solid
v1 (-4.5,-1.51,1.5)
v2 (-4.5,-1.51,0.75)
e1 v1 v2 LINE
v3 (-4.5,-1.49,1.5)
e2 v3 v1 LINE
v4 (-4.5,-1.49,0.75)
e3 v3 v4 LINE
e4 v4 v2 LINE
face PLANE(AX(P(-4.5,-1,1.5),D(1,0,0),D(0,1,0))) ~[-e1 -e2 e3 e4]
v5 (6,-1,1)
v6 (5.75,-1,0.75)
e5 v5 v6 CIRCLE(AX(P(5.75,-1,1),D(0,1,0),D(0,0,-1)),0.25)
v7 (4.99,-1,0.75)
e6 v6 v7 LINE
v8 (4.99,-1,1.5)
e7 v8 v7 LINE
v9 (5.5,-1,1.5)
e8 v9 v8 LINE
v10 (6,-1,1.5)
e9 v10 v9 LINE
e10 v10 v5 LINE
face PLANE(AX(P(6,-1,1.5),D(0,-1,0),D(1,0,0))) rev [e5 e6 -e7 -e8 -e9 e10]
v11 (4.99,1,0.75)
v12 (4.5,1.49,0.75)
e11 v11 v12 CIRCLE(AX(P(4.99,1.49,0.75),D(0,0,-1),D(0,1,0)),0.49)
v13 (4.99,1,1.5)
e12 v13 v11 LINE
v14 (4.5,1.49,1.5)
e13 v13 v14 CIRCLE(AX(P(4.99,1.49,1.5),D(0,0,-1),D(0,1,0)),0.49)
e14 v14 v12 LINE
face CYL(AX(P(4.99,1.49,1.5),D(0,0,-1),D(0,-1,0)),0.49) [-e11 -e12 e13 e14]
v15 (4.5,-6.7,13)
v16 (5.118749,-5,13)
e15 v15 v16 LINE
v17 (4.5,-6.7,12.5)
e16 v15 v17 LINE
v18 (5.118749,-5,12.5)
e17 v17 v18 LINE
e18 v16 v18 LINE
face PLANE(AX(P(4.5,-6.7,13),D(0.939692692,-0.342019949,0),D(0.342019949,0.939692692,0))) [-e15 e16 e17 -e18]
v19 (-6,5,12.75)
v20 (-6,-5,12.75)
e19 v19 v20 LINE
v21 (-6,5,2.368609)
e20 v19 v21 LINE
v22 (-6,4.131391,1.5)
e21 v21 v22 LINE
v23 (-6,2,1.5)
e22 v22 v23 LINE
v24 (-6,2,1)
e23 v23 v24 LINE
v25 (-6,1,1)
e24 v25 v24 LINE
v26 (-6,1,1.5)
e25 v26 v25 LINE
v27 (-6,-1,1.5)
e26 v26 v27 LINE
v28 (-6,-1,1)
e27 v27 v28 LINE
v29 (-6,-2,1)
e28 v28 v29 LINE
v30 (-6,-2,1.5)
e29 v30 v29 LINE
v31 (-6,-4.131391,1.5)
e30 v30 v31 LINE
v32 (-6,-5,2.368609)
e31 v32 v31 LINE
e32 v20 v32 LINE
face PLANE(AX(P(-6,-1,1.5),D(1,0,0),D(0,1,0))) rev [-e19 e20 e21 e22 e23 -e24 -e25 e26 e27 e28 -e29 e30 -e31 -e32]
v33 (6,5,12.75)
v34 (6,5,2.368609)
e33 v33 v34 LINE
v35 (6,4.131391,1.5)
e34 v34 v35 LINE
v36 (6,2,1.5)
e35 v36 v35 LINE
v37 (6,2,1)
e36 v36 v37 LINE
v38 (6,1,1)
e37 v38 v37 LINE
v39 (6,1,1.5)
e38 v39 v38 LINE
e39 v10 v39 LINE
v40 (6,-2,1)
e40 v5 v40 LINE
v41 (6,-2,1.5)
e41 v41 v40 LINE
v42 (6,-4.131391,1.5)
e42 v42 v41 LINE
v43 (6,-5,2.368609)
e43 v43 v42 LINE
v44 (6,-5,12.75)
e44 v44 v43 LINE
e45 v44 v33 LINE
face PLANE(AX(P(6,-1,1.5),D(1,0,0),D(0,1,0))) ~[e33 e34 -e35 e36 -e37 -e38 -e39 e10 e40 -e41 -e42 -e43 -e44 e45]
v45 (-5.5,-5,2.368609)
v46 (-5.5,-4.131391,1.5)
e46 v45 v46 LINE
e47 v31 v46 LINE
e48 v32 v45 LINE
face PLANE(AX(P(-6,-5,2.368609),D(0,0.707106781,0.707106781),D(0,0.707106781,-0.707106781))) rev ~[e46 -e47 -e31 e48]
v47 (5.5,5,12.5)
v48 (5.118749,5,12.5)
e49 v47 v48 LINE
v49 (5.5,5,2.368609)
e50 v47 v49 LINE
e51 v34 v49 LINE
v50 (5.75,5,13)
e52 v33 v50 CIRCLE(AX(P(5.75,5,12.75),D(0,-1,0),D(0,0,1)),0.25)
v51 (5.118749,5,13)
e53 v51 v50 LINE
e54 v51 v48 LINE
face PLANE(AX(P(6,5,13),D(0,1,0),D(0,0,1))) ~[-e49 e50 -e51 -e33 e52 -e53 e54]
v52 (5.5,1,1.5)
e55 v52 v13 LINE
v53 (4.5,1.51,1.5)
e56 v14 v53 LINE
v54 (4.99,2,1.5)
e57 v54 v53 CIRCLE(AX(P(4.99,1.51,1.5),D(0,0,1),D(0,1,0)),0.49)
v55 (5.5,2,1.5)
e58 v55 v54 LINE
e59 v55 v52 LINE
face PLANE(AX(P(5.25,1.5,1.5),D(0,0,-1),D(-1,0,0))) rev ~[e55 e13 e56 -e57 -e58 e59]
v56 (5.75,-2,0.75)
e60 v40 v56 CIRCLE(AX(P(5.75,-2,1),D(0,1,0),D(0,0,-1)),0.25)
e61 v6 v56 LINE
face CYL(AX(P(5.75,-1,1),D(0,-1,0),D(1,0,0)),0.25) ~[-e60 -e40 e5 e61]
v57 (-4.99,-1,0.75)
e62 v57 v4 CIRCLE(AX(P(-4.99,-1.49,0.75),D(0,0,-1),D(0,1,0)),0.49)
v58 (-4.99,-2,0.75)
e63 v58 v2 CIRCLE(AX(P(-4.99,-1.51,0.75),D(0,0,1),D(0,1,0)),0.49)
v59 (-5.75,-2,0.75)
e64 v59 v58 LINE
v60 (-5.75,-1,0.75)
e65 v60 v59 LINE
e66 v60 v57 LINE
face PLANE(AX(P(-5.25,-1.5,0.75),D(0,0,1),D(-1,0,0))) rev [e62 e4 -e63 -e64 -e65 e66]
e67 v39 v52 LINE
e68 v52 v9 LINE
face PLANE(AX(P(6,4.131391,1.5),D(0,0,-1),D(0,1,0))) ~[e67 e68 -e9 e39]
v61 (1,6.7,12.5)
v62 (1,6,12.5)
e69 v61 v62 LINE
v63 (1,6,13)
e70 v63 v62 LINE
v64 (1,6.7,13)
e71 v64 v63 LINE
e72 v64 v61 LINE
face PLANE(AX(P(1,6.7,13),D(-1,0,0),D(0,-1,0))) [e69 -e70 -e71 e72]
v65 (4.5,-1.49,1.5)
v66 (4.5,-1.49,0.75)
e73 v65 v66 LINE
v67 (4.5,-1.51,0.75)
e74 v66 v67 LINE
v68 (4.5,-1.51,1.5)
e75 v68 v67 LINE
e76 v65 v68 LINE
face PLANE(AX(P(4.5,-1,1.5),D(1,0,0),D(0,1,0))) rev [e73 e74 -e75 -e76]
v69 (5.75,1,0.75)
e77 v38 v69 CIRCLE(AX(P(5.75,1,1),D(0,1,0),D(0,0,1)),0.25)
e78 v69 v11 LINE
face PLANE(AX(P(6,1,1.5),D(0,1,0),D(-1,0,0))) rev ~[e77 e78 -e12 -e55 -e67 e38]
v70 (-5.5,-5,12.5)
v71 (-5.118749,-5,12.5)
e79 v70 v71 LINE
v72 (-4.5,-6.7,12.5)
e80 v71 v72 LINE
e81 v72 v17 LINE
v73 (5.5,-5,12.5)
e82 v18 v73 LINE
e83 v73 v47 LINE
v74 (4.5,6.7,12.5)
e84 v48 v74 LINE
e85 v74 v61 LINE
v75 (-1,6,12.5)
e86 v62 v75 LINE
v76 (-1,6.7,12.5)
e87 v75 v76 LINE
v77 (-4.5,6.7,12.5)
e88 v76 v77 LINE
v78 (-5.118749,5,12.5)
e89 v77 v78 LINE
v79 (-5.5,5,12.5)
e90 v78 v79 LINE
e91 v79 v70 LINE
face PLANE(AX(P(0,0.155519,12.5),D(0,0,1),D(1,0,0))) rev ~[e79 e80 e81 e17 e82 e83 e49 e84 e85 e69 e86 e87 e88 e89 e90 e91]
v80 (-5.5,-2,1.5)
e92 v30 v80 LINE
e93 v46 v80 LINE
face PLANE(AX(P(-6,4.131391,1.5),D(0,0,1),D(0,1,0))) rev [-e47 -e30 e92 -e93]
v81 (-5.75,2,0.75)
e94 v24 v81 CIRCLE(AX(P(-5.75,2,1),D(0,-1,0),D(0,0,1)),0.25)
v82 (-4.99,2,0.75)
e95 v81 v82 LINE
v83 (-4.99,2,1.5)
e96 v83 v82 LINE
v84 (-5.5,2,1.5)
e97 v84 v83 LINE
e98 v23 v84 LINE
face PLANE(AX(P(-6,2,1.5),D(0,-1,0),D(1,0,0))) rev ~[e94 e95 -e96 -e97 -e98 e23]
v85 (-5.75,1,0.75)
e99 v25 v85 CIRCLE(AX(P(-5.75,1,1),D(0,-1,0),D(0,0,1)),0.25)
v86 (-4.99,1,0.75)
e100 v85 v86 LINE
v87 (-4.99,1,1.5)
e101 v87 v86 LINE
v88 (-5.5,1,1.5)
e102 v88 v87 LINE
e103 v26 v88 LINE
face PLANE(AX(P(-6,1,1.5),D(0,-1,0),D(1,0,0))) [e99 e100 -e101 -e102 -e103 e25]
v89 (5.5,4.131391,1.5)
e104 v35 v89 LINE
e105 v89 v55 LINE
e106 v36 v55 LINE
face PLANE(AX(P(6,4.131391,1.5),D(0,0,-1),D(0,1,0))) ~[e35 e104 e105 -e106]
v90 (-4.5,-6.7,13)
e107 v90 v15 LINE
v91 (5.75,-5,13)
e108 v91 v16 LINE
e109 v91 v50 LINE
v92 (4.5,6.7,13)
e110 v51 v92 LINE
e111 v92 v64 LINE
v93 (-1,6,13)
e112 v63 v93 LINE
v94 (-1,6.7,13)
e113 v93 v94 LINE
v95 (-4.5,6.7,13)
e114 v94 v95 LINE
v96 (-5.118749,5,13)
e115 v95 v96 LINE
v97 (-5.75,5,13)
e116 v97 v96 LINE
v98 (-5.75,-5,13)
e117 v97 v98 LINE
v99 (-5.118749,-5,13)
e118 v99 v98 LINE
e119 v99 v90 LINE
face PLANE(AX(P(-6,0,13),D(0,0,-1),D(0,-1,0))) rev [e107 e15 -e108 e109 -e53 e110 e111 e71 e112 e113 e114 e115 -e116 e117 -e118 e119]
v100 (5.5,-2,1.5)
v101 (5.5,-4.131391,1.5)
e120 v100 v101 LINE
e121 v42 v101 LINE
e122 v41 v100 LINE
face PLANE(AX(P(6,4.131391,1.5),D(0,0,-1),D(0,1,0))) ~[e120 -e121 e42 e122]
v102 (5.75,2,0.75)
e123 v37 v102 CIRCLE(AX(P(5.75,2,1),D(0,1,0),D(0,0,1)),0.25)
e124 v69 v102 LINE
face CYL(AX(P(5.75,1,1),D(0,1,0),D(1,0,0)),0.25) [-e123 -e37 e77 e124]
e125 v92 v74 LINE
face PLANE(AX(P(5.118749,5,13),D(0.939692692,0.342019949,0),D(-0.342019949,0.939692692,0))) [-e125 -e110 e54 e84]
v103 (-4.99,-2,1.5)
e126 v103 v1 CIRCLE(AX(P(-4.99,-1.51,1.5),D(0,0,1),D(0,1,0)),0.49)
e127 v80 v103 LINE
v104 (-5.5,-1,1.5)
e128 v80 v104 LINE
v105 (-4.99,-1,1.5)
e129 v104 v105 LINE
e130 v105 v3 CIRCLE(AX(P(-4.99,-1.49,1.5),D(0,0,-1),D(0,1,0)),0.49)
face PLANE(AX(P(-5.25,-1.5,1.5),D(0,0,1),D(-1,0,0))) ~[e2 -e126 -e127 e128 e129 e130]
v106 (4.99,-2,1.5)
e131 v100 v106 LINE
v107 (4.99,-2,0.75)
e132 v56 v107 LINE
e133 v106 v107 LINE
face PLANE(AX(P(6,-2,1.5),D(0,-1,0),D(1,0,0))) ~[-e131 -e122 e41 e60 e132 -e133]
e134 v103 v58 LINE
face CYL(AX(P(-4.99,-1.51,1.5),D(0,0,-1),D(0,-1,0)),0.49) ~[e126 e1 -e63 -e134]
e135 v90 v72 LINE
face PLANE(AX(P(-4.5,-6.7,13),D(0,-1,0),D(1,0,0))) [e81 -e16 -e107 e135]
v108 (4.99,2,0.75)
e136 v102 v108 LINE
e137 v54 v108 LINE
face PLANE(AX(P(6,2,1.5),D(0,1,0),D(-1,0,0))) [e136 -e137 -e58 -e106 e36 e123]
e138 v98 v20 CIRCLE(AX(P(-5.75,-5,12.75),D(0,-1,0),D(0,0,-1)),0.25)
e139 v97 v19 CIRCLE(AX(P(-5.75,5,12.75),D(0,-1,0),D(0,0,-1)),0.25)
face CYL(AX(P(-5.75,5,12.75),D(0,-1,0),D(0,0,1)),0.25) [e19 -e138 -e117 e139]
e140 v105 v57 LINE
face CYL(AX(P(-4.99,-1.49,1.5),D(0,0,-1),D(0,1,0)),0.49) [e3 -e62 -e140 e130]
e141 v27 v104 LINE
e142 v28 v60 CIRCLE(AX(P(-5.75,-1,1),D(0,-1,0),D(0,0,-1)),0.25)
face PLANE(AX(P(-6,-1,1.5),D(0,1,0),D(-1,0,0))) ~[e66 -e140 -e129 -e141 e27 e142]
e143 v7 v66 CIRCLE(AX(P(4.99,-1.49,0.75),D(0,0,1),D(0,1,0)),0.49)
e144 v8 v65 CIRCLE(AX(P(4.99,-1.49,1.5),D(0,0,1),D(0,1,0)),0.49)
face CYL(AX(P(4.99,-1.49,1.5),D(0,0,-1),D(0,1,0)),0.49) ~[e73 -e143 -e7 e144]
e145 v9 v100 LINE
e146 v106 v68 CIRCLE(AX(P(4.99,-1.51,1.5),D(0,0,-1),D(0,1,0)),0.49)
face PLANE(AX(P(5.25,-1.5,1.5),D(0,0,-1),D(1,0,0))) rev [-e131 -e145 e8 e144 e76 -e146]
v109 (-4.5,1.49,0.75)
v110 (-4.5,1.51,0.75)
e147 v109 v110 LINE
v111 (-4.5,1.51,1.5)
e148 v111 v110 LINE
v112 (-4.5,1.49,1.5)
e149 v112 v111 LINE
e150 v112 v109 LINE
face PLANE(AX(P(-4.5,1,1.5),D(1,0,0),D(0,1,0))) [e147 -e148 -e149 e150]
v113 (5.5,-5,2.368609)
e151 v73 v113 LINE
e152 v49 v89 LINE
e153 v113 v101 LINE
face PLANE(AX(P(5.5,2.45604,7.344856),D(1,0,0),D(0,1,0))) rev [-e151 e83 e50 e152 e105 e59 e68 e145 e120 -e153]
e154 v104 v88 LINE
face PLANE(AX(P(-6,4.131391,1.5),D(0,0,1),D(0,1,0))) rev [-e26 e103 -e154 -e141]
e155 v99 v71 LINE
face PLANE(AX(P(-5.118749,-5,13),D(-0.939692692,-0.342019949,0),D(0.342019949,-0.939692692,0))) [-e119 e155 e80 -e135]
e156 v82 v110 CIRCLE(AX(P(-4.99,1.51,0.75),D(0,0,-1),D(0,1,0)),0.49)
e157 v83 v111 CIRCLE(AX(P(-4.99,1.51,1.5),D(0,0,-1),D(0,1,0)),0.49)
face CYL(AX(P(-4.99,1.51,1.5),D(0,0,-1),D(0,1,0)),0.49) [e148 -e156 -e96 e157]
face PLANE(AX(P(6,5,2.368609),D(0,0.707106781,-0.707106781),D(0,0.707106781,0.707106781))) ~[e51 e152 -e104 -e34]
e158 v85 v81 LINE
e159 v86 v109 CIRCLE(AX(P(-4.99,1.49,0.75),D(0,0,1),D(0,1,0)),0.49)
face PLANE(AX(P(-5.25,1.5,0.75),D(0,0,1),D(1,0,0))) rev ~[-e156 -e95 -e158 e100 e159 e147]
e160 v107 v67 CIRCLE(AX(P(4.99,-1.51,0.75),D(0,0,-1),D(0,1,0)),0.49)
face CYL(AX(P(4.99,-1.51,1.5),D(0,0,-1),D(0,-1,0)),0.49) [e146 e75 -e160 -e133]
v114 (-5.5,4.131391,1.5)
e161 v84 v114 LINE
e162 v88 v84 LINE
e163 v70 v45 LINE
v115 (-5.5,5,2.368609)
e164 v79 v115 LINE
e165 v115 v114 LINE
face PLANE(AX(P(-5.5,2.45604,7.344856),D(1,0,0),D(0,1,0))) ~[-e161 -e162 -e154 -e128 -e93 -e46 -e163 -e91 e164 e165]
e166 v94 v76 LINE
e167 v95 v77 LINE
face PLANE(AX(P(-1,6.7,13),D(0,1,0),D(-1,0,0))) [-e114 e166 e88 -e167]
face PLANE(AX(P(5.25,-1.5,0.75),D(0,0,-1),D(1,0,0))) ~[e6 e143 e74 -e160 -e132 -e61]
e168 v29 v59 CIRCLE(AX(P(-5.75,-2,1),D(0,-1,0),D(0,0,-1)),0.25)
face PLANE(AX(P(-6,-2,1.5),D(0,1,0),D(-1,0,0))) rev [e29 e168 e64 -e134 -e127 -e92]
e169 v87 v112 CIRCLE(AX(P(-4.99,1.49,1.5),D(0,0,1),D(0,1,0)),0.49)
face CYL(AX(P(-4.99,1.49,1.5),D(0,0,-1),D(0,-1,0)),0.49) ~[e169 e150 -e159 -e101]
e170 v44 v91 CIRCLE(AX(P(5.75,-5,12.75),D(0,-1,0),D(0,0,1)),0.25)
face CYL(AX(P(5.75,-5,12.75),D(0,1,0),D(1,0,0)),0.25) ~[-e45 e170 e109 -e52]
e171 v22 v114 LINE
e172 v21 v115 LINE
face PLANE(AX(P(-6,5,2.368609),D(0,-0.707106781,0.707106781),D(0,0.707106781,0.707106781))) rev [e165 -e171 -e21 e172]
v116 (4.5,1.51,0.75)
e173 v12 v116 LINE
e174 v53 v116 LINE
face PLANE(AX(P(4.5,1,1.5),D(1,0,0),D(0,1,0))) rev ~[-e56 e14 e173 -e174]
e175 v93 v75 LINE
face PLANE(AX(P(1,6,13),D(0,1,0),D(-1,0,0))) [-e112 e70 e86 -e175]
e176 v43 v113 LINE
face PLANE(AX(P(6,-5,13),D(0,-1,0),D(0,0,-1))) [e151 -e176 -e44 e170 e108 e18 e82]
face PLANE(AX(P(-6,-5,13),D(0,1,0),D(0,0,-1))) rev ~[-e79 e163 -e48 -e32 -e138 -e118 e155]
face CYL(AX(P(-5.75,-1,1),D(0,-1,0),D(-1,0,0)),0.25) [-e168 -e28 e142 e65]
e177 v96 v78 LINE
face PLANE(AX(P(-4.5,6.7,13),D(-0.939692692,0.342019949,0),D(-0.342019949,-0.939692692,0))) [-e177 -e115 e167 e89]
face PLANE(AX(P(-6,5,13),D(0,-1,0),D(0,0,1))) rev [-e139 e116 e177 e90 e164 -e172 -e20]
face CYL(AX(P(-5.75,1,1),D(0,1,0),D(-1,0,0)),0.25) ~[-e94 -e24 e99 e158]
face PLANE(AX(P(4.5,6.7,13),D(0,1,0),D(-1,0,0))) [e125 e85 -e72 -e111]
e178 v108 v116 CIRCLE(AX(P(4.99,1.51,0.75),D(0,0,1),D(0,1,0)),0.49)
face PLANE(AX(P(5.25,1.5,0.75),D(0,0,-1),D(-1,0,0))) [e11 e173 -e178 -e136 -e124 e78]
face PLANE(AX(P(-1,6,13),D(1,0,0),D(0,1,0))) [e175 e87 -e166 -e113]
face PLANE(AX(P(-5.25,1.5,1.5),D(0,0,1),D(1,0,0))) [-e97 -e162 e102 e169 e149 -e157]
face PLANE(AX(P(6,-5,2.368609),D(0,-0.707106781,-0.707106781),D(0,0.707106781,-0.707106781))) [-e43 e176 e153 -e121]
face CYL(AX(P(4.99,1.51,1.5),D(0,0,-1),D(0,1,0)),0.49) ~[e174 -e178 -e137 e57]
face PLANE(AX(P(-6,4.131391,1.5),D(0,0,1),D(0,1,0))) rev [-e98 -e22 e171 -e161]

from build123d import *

# Parameters (mm, degrees)
PAD008_DEPTH               = 0.5
PAD009_DEPTH               = 0.5
PAD009_MIRRORED004_2_DEPTH = 0.5
SKETCH021_W                = 1.5
SKETCH021_H                = 1
PAD010_DEPTH               = 0.75
SKETCH021_MIRRORED006_2_W  = 1.5
SKETCH021_MIRRORED006_2_H  = 1
PAD010_MIRRORED006_2_DEPTH = 0.75
FILLET_R                   = 0.25
FILLET001_R                = 0.25
FILLET003_R                = 0.49


with BuildPart() as part:
    # Sketch018 → Pad008 (new body)
    with BuildSketch(Plane.XY.offset(13)):
        Polygon((-1, 6), (-1, 6.7), (-4.5, 6.7), (-5.118749, 5), (-5.5, 5), (-5.5, -5), (-5.118749, -5), (-4.5, -6.7), (4.5, -6.7), (5.118749, -5), (5.5, -5), (5.5, 5), (5.118749, 5), (4.5, 6.7), (1, 6.7), (1, 6), align=None)
    extrude(amount=-PAD008_DEPTH)

    # Sketch020 → Pad009 (join)
    with BuildSketch(Plane.YZ.offset(6)):
        Polygon((-5, 13), (-5, 2.368609), (-4.131391, 1.5), (-1, 1.5), (0, 1.5), (0, 13), align=None)
    pad009 = extrude(amount=-PAD009_DEPTH)

    # Sketch020 Mirrored004 2 → Pad009 Mirrored004 2 (add)
    with BuildSketch(Plane.YZ.offset(-6)):
        Polygon((-5, 13), (-5, 2.368609), (-4.131391, 1.5), (-1, 1.5), (0, 1.5), (0, 13), align=None)
    pad009_mirrored004_2 = extrude(amount=PAD009_MIRRORED004_2_DEPTH)

    # Mirrored005: Pad009, Pad009 Mirrored004 2 across XZ
    add(pad009.mirror(Plane.XZ))
    add(pad009_mirrored004_2.mirror(Plane.XZ))

    # Sketch021 → Pad010 (join)
    with BuildSketch(Plane.XY.offset(1.5)):
        with Locations((-5.25, 1.5)):
            Rectangle(SKETCH021_W, SKETCH021_H)
    pad010 = extrude(amount=-PAD010_DEPTH)

    # Sketch021 Mirrored006 2 → Pad010 Mirrored006 2 (add)
    with BuildSketch(Plane(origin=(0, 0, 1.5), x_dir=(-1, 0, 0), z_dir=(0, 0, -1))):
        with Locations((-5.25, 1.5)):
            Rectangle(SKETCH021_MIRRORED006_2_W, SKETCH021_MIRRORED006_2_H)
    pad010_mirrored006_2 = extrude(amount=PAD010_MIRRORED006_2_DEPTH)

    # Mirrored007: Pad010, Pad010 Mirrored006 2 across XZ
    add(pad010.mirror(Plane.XZ))
    add(pad010_mirrored006_2.mirror(Plane.XZ))

    # Fillet
    fillet_edges = [part.edges().sort_by_distance(p)[0] for p in [
        (-6, -1.5, 0.75),
        (-6, 1.5, 0.75),
        (6, 1.5, 0.75),
        (6, -1.5, 0.75),
    ]]
    fillet(fillet_edges, radius=FILLET_R)

    # Fillet001
    fillet001_edges = [part.edges().sort_by_distance(p)[0] for p in [
        (6, 0, 13),
        (-6, 0, 13),
    ]]
    fillet(fillet001_edges, radius=FILLET001_R)

    # Fillet003
    fillet003_edges = [part.edges().sort_by_distance(p)[0] for p in [
        (4.5, 2, 1.125),
        (4.5, 1, 1.125),
        (4.5, -1, 1.125),
        (4.5, -2, 1.125),
        (-4.5, -2, 1.125),
        (-4.5, -1, 1.125),
        (-4.5, 1, 1.125),
        (-4.5, 2, 1.125),
    ]]
    fillet(fillet003_edges, radius=FILLET003_R)


solid = part.part
